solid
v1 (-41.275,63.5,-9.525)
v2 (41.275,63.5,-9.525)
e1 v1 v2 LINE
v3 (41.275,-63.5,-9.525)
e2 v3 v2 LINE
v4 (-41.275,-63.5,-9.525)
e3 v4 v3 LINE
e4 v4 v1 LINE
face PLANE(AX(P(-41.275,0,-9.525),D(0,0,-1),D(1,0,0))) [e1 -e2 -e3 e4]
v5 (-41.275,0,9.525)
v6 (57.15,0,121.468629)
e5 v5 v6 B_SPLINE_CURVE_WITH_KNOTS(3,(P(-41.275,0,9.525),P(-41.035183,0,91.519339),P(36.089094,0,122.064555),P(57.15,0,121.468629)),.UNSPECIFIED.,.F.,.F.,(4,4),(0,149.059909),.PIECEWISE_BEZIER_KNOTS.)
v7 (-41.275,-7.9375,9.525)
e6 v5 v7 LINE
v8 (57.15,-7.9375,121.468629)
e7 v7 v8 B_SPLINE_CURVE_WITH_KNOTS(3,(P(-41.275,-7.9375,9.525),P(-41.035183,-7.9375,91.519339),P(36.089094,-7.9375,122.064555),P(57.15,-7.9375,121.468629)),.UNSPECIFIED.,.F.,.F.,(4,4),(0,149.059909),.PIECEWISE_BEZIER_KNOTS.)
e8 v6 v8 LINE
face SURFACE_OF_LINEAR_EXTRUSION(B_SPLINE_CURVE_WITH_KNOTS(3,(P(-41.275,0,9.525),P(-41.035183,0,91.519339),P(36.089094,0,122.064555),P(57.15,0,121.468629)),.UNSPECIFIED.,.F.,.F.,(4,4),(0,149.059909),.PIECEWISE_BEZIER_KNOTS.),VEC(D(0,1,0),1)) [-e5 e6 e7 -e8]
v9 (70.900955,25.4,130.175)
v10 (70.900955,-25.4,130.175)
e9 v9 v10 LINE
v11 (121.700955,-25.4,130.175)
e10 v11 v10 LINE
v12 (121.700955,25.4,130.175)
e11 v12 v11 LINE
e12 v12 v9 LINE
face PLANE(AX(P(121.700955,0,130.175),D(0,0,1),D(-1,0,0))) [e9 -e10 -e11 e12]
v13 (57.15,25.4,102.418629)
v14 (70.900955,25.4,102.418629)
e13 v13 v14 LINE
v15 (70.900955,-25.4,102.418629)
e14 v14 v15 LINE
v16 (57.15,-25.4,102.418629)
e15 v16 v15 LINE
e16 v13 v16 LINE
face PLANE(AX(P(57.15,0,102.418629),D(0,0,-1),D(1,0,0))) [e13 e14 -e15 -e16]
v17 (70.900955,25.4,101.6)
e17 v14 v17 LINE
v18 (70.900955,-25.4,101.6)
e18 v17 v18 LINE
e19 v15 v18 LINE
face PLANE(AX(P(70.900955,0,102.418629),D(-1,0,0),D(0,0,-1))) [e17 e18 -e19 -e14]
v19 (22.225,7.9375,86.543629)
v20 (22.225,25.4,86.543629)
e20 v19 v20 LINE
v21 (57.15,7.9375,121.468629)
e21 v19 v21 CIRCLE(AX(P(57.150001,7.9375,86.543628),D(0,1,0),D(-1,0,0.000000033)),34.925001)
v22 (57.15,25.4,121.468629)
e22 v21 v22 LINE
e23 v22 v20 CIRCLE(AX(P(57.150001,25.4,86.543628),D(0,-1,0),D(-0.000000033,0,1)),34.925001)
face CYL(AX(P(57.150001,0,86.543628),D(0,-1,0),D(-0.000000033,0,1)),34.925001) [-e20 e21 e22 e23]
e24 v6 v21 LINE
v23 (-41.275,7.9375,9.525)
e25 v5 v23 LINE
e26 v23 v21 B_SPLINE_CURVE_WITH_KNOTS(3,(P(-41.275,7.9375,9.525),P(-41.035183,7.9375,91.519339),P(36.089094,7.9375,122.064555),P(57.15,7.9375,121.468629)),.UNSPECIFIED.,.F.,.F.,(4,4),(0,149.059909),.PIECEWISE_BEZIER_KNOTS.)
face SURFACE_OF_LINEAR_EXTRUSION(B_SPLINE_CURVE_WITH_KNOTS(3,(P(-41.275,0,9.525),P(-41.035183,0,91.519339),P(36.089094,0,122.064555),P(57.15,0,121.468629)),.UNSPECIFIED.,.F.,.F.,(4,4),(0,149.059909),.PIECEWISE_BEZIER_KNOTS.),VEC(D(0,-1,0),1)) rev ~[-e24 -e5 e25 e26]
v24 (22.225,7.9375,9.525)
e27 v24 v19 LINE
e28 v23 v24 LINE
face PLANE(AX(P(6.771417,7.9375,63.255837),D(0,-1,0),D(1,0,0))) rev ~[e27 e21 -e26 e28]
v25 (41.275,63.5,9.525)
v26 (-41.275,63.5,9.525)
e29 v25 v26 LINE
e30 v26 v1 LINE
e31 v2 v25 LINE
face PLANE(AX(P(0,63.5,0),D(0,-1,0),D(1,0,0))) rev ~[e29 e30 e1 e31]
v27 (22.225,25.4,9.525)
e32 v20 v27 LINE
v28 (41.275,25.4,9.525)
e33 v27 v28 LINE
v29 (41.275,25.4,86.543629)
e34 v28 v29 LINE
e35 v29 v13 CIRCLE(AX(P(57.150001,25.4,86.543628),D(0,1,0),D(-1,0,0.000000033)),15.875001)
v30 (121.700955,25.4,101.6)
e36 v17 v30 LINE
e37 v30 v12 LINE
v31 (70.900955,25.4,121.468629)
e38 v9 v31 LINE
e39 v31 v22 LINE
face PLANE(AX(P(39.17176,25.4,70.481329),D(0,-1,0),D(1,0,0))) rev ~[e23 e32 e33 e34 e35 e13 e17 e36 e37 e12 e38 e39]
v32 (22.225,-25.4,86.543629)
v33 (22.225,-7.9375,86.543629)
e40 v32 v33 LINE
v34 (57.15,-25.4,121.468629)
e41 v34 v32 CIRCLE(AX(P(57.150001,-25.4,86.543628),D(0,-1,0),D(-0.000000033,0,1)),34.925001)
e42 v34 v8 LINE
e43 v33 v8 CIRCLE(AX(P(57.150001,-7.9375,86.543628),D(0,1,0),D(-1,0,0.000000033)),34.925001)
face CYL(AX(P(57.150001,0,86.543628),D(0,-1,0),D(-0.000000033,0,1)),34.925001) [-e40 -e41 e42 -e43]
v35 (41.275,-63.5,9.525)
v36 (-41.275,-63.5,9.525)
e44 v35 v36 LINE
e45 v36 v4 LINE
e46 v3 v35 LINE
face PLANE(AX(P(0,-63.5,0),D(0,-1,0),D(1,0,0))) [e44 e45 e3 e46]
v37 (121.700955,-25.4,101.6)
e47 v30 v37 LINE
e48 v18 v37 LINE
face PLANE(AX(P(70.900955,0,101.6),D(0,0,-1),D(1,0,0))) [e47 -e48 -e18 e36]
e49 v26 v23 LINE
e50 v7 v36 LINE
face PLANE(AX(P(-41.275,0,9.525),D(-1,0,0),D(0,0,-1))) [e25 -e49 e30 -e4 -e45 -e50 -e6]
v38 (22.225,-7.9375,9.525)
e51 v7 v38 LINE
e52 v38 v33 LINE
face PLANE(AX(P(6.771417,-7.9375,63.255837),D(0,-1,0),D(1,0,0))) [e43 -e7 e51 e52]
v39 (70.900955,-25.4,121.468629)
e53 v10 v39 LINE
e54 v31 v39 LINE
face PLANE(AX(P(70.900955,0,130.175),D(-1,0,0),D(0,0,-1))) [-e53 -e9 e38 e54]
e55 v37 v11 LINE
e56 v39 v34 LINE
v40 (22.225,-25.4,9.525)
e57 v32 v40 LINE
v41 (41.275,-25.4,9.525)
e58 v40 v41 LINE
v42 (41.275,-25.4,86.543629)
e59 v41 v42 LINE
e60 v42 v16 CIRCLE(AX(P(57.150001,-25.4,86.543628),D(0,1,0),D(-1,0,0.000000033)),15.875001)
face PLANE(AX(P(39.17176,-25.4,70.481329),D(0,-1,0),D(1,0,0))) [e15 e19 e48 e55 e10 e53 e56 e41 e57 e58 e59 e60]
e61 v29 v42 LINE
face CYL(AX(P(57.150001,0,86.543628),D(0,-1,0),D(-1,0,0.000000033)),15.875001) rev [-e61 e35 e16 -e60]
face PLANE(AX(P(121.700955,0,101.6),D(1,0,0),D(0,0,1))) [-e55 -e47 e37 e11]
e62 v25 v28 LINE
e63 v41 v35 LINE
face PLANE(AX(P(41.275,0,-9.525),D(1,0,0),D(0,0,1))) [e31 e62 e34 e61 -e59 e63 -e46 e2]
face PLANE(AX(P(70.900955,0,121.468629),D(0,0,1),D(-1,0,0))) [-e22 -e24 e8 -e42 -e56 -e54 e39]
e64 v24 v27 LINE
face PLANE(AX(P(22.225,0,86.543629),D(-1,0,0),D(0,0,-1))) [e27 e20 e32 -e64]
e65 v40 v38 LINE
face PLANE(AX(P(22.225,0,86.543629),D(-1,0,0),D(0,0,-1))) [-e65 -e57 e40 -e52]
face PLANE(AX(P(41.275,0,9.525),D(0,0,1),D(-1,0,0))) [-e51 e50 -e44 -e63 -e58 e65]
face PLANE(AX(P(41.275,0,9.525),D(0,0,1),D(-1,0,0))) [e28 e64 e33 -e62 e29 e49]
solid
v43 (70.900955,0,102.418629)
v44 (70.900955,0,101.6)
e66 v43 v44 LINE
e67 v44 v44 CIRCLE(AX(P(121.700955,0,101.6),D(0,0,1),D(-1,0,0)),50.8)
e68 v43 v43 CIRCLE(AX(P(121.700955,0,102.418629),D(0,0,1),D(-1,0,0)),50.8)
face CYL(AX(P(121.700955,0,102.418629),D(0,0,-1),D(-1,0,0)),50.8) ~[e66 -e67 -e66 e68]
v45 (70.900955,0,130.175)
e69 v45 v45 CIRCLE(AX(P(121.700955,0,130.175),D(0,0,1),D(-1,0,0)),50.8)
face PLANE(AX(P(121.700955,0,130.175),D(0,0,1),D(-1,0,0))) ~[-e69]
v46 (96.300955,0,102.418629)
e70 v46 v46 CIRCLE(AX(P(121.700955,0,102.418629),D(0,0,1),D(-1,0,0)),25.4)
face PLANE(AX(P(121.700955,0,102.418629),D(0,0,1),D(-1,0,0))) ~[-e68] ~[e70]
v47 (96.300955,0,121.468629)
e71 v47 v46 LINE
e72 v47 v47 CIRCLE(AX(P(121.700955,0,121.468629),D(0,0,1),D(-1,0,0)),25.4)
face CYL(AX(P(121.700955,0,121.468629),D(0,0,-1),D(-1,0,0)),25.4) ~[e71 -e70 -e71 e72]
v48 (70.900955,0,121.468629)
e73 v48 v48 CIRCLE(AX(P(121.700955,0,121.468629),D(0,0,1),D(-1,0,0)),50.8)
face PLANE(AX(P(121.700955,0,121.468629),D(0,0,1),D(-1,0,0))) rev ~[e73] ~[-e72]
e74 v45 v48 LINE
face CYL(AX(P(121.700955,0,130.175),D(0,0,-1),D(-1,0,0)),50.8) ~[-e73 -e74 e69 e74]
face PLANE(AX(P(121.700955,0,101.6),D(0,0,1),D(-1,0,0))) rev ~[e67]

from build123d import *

# Parameters (mm, degrees)
F1_DEPTH = 63.5
F0_W     = 25.4
F0_H     = 19.05
F2_DEPTH = 25.4
F3_DEPTH = 7.9375


with BuildPart() as f1:
    # F0 (on Front) → F1 (new body, symmetric)
    with BuildSketch(Plane.XZ):
        Polygon((41.275, -9.525), (41.275, 9.525), (22.225, 9.525), (-41.275, 9.525), (-41.275, -9.525), align=None)
    extrude(amount=F1_DEPTH, both=True)

    # F0 (on Front) → F2 (join, symmetric)
    with BuildSketch(Plane.XZ):
        with BuildLine():
            Line((22.225, 9.525), (41.275, 9.525))
            Line((41.275, 9.525), (41.275, 86.543629))
            ThreePointArc((41.275, 86.543629), (45.92468, 97.768949), (57.15, 102.418629))
            Line((57.15, 102.418629), (70.900955, 102.418629))
            Line((70.900955, 102.418629), (70.900955, 121.468629))
            Line((70.900955, 121.468629), (57.15, 121.468629))
            ThreePointArc((57.15, 121.468629), (32.454296, 111.239333), (22.225, 86.543629))
            Line((22.225, 86.543629), (22.225, 9.525))
        make_face()
        Polygon((96.300955, 102.418629), (70.900955, 102.418629), (70.900955, 101.6), (121.700955, 101.6), (121.700955, 130.175), (70.900955, 130.175), (70.900955, 121.468629), (96.300955, 121.468629), align=None)
        with Locations((83.600955, 111.943629)):
            Rectangle(F0_W, F0_H)
    extrude(amount=F2_DEPTH, both=True)

    # F0 (on Front) → F3 (join, symmetric)
    with BuildSketch(Plane.XZ):
        with BuildLine():
            Line((-41.275, 9.525), (22.225, 9.525))
            Line((22.225, 9.525), (22.225, 86.543629))
            ThreePointArc((22.225, 86.543629), (32.454296, 111.239333), (57.15, 121.468629))
            add(Edge.make_bspline(
                [(-41.275, 9.525), (-41.035183, 91.519339), (36.089094, 122.064555), (57.15, 121.468629)],
                knots=[0, 0, 0, 0, 149.059909, 149.059909, 149.059909, 149.059909], degree=3))
        make_face()
    extrude(amount=F3_DEPTH, both=True)


with BuildPart() as f4:
    # F0 (on Front) → F4 (revolve)
    with BuildSketch(Plane.XZ):
        Polygon((96.300955, 102.418629), (70.900955, 102.418629), (70.900955, 101.6), (121.700955, 101.6), (121.700955, 130.175), (70.900955, 130.175), (70.900955, 121.468629), (96.300955, 121.468629), align=None)
    revolve(axis=Axis((121.700955, 0, 115.8875), (0, 0, 1)))


solid = Compound([f1.part, f4.part])
